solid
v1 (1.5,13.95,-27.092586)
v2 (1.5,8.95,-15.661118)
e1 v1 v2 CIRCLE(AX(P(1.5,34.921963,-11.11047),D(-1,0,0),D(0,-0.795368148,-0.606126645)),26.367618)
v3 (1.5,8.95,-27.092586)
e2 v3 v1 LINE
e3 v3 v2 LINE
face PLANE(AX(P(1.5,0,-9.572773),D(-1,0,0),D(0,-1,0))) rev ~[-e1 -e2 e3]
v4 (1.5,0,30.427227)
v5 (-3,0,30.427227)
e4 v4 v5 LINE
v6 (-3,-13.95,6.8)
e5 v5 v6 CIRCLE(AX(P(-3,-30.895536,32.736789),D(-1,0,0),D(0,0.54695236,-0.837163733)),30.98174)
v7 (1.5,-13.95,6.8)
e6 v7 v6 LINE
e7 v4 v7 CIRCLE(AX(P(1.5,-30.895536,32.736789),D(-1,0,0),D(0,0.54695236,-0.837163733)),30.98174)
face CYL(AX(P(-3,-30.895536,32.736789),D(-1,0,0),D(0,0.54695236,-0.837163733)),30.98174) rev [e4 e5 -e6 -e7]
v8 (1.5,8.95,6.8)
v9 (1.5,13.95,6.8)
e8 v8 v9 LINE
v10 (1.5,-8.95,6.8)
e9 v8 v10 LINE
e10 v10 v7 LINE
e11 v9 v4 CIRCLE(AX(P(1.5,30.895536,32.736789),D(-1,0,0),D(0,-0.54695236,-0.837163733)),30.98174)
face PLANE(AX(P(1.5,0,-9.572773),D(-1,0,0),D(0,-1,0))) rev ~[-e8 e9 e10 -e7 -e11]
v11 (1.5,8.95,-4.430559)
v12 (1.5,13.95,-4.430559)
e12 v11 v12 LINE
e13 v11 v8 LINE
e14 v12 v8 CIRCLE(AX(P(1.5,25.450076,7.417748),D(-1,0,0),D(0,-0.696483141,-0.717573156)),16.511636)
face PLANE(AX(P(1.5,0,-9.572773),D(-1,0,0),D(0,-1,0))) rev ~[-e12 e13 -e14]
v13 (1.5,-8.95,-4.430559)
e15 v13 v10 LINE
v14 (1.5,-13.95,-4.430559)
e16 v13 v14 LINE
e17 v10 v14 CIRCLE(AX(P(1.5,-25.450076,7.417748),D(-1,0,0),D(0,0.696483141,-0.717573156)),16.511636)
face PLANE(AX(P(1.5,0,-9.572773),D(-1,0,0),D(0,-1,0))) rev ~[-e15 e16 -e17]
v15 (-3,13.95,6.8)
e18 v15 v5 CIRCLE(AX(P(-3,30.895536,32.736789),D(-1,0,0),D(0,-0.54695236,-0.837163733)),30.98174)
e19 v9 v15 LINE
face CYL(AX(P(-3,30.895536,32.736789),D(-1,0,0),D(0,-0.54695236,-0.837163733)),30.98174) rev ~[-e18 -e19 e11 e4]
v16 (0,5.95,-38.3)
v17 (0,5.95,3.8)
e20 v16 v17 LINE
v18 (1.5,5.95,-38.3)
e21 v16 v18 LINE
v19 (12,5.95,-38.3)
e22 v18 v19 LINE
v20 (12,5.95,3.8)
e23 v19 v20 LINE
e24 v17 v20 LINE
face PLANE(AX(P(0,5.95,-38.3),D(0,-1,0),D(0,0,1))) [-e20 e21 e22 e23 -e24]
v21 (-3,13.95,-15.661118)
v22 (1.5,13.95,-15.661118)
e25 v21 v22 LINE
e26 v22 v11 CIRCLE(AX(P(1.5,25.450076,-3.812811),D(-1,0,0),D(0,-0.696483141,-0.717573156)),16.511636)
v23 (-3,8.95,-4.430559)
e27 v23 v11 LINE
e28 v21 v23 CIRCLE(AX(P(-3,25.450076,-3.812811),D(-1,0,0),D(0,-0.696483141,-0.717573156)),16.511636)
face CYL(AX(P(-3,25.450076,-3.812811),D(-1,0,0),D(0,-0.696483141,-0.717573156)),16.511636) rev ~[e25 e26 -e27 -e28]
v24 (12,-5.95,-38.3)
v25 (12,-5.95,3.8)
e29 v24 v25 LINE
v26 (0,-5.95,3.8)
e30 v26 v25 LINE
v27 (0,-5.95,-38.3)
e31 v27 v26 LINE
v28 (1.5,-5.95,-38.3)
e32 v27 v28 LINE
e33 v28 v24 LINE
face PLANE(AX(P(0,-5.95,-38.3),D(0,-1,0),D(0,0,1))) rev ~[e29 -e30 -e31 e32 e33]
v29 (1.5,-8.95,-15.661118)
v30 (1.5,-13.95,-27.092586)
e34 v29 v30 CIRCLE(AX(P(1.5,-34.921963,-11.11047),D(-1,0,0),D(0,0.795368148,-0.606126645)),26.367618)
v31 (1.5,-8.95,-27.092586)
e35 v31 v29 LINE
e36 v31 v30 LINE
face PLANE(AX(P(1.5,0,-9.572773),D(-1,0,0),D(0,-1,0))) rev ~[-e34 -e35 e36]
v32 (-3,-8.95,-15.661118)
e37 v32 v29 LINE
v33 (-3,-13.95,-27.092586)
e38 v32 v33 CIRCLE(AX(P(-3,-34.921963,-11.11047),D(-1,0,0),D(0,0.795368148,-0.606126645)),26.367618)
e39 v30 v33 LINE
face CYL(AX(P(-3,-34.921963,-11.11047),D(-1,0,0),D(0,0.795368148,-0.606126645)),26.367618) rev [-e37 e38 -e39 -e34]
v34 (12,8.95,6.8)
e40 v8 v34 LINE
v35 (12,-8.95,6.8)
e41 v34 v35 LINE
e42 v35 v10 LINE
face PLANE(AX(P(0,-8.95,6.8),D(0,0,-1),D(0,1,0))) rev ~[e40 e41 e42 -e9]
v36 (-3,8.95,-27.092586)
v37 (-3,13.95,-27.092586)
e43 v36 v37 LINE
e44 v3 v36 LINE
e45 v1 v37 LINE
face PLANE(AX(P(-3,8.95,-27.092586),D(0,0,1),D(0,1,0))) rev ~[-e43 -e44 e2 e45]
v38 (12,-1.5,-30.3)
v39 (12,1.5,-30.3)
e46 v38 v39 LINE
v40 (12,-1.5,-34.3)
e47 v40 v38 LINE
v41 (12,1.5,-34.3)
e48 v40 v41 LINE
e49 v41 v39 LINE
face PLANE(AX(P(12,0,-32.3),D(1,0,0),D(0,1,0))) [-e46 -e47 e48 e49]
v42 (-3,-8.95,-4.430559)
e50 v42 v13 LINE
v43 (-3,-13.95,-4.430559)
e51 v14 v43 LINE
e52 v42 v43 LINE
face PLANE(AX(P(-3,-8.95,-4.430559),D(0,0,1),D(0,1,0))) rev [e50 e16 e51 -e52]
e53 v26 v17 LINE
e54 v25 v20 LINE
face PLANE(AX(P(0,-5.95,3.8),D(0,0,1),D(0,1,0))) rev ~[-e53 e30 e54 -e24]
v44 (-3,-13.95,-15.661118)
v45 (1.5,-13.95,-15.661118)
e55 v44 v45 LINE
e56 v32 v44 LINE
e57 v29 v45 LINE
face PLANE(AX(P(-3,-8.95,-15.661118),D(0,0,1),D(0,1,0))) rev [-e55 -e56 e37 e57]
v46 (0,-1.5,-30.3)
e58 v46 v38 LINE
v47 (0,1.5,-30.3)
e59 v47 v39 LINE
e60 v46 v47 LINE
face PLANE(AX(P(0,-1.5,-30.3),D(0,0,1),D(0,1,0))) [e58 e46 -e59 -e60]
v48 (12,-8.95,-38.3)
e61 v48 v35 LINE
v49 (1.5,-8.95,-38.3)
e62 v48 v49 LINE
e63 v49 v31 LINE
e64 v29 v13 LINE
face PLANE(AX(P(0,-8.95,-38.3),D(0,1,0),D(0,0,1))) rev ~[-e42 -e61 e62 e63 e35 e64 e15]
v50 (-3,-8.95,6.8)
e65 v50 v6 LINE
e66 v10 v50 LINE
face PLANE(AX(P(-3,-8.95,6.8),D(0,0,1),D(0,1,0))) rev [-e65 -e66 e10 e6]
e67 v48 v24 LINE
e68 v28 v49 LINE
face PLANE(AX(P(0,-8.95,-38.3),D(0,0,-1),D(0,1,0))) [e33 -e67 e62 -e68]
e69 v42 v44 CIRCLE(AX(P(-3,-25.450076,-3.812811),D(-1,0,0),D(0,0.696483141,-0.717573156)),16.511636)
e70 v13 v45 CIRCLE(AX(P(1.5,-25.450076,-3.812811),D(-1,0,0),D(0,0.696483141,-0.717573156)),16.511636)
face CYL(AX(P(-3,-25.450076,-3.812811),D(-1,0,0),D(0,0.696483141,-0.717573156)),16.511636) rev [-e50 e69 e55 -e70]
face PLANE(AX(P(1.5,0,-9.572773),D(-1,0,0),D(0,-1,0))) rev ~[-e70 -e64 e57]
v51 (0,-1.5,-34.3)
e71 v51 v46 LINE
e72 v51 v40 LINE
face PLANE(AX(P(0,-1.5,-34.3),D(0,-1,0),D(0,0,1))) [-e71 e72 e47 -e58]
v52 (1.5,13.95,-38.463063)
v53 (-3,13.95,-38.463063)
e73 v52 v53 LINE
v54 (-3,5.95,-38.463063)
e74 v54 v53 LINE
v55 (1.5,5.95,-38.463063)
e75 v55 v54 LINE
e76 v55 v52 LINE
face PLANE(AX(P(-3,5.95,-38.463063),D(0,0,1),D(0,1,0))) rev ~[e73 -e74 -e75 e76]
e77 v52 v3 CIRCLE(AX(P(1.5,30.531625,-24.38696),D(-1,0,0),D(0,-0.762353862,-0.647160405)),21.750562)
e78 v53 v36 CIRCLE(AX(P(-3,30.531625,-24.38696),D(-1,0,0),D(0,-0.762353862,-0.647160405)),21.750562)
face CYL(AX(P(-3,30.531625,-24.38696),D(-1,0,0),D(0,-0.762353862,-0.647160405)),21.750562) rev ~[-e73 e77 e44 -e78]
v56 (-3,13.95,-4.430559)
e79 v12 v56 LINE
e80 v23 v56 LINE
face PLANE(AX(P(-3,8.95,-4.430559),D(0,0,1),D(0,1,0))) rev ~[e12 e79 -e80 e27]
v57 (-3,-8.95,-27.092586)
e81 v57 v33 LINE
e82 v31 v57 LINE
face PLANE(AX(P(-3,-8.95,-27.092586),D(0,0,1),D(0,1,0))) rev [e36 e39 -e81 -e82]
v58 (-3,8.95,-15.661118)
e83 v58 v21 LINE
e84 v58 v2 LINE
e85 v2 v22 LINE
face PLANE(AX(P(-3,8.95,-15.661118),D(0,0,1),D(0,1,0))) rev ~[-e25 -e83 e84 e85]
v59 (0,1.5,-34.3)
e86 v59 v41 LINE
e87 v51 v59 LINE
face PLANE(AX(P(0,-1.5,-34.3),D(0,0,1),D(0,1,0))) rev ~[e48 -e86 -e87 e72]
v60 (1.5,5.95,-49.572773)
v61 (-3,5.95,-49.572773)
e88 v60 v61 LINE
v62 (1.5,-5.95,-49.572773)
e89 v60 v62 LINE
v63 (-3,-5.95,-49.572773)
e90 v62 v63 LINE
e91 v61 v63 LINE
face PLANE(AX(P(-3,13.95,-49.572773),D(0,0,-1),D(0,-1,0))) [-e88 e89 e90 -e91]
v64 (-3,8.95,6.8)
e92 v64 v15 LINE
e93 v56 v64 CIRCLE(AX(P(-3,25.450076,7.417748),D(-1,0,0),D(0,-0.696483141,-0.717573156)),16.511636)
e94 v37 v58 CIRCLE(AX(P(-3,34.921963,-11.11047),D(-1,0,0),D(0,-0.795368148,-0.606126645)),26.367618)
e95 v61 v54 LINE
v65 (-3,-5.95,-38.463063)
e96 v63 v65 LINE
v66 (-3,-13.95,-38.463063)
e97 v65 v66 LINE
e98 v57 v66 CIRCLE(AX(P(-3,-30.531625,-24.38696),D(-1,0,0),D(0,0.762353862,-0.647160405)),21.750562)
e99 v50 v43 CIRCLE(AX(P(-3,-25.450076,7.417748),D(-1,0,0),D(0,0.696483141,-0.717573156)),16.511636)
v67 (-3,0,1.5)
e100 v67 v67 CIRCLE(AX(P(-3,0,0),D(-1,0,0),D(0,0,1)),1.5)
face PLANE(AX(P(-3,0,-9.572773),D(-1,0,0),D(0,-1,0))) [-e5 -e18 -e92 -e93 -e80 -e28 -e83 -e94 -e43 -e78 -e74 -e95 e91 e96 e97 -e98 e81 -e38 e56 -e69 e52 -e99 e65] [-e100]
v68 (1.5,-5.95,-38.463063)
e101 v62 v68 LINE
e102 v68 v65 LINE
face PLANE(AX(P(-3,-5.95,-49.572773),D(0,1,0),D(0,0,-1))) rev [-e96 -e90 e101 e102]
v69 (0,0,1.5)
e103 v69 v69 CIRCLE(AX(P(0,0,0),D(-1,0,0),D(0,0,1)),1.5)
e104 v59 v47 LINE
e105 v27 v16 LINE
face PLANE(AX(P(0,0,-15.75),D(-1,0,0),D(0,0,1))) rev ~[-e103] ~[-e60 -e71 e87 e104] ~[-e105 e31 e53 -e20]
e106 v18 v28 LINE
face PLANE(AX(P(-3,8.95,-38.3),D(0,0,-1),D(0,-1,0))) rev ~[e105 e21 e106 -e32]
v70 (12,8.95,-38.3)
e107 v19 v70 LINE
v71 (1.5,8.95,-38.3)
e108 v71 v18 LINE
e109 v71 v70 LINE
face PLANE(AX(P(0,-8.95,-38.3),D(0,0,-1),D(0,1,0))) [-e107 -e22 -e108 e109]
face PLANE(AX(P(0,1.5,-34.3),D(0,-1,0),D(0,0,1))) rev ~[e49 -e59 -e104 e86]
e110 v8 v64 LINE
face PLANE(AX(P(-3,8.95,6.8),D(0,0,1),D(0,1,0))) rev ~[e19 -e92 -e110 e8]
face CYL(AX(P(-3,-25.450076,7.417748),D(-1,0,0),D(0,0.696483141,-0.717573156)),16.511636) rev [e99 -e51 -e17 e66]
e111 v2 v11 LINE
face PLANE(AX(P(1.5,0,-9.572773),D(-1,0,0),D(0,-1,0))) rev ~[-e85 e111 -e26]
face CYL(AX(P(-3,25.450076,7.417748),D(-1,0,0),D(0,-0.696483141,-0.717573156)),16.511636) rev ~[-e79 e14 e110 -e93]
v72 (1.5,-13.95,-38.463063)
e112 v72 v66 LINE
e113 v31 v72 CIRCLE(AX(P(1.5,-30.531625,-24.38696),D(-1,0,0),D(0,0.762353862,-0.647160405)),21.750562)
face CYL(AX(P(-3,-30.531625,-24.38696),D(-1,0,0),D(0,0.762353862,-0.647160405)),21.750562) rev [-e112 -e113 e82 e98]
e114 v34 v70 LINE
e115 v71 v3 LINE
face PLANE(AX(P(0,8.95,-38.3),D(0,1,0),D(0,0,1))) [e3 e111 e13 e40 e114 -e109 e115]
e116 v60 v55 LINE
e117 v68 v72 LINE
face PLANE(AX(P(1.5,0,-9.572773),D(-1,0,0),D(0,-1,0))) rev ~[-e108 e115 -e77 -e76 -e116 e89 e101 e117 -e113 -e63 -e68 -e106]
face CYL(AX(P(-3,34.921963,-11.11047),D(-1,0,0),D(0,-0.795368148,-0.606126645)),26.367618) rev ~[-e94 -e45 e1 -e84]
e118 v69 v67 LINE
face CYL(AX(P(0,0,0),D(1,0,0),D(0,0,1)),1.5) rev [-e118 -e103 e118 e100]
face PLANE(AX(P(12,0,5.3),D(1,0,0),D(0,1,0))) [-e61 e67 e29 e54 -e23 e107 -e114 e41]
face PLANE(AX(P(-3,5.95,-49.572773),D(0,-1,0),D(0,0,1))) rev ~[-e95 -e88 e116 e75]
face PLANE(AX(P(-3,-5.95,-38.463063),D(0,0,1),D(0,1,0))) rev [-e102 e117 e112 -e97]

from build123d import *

# Parameters (mm, degrees)
SKETCH1_W           = 3
SKETCH1_H           = 42.1
SKETCH1_H_2         = 4
BOSS_EXTRUDE1_DEPTH = 12
SKETCH3_W           = 45.1
SKETCH3_H           = 17.9
SKETCH3_R           = 1.5
BOSS_EXTRUDE2_DEPTH = 3
SKETCH5_W           = 17.9
SKETCH5_H           = 45.1
BOSS_EXTRUDE4_DEPTH = 4.5
CUT_EXTRUDE4_DEPTH  = 54.638254019


with BuildPart() as part:
    # Sketch1 → Boss-Extrude1 (new body)
    with BuildSketch(Plane.YZ):
        Polygon((-5.95, 3.8), (5.95, 3.8), (8.95, 3.8), (8.95, 6.8), (-8.95, 6.8), (-8.95, 3.8), align=None)
        with Locations((-7.45, -17.25)):
            Rectangle(SKETCH1_W, SKETCH1_H)
        with Locations((7.45, -17.25)):
            Rectangle(SKETCH1_W, SKETCH1_H)
        with Locations((0, -32.3)):
            Rectangle(SKETCH1_W, SKETCH1_H_2)
    extrude(amount=BOSS_EXTRUDE1_DEPTH)

    # Sketch3 → Boss-Extrude2 (add)
    with BuildSketch(Plane.ZY):
        with Locations((-15.75, 0)):
            Rectangle(SKETCH3_W, SKETCH3_H)
        Circle(SKETCH3_R, mode=Mode.SUBTRACT)
    extrude(amount=BOSS_EXTRUDE2_DEPTH)

    # Sketch5 → Boss-Extrude4 (add)
    with BuildSketch(Plane(origin=(-3, 0, 0), x_dir=(0, -1, 0), z_dir=(-1, 0, 0))):
        Polygon((-13.95, 21.583539772), (-13.95, -49.572772711), (13.95, -49.572772711), (13.95, 20.927227289), (13.95, 30.427227289), (-13.95, 30.427227289), align=None)
        with Locations((0, -15.75)):
            Rectangle(SKETCH5_W, SKETCH5_H, mode=Mode.SUBTRACT)
    extrude(amount=-BOSS_EXTRUDE4_DEPTH)

    # Sketch6 → Cut-Extrude4 (cut, symmetric)
    with BuildSketch(Plane(origin=(-3, 0, 0), x_dir=(0, -1, 0), z_dir=(-1, 0, 0))):
        with BuildLine():
            Line((-8.95, -4.430558852), (-13.95, -4.430558852))
            ThreePointArc((-13.95, -4.430558852), (-10.365862707, 0.702047669), (-8.95, 6.8))
            Line((-8.95, 6.8), (-13.95, 6.8))
            ThreePointArc((-13.95, 6.8), (-4.216827043, 16.985131712), (0, 30.427227289))
            Line((0, 30.427227289), (0, 38.207310194))
            Line((0, 38.207310194), (-27.495186948, 38.207310194))
            Line((-27.495186948, 38.207310194), (-27.495186948, -49.572772711))
            Line((-27.495186948, -49.572772711), (-5.95, -49.572772711))
            Line((-5.95, -49.572772711), (-5.95, -38.463062756))
            Line((-5.95, -38.463062756), (-13.95, -38.463062756))
            ThreePointArc((-13.95, -38.463062756), (-10.621066319, -33.1423359), (-8.95, -27.092586229))
            Line((-8.95, -27.092586229), (-13.95, -27.092586229))
            ThreePointArc((-13.95, -27.092586229), (-10.764093377, -21.676860063), (-8.95, -15.661117704))
            Line((-8.95, -15.661117704), (-13.95, -15.661117704))
            ThreePointArc((-13.95, -15.661117704), (-10.365862707, -10.528511183), (-8.95, -4.430558852))
        make_face()
    cut_extrude4 = extrude(amount=CUT_EXTRUDE4_DEPTH, both=True, mode=Mode.SUBTRACT)

    # Mirror1: Cut-Extrude4 across plane
    add(cut_extrude4.mirror(Plane.ZX), mode=Mode.SUBTRACT)


solid = part.part
